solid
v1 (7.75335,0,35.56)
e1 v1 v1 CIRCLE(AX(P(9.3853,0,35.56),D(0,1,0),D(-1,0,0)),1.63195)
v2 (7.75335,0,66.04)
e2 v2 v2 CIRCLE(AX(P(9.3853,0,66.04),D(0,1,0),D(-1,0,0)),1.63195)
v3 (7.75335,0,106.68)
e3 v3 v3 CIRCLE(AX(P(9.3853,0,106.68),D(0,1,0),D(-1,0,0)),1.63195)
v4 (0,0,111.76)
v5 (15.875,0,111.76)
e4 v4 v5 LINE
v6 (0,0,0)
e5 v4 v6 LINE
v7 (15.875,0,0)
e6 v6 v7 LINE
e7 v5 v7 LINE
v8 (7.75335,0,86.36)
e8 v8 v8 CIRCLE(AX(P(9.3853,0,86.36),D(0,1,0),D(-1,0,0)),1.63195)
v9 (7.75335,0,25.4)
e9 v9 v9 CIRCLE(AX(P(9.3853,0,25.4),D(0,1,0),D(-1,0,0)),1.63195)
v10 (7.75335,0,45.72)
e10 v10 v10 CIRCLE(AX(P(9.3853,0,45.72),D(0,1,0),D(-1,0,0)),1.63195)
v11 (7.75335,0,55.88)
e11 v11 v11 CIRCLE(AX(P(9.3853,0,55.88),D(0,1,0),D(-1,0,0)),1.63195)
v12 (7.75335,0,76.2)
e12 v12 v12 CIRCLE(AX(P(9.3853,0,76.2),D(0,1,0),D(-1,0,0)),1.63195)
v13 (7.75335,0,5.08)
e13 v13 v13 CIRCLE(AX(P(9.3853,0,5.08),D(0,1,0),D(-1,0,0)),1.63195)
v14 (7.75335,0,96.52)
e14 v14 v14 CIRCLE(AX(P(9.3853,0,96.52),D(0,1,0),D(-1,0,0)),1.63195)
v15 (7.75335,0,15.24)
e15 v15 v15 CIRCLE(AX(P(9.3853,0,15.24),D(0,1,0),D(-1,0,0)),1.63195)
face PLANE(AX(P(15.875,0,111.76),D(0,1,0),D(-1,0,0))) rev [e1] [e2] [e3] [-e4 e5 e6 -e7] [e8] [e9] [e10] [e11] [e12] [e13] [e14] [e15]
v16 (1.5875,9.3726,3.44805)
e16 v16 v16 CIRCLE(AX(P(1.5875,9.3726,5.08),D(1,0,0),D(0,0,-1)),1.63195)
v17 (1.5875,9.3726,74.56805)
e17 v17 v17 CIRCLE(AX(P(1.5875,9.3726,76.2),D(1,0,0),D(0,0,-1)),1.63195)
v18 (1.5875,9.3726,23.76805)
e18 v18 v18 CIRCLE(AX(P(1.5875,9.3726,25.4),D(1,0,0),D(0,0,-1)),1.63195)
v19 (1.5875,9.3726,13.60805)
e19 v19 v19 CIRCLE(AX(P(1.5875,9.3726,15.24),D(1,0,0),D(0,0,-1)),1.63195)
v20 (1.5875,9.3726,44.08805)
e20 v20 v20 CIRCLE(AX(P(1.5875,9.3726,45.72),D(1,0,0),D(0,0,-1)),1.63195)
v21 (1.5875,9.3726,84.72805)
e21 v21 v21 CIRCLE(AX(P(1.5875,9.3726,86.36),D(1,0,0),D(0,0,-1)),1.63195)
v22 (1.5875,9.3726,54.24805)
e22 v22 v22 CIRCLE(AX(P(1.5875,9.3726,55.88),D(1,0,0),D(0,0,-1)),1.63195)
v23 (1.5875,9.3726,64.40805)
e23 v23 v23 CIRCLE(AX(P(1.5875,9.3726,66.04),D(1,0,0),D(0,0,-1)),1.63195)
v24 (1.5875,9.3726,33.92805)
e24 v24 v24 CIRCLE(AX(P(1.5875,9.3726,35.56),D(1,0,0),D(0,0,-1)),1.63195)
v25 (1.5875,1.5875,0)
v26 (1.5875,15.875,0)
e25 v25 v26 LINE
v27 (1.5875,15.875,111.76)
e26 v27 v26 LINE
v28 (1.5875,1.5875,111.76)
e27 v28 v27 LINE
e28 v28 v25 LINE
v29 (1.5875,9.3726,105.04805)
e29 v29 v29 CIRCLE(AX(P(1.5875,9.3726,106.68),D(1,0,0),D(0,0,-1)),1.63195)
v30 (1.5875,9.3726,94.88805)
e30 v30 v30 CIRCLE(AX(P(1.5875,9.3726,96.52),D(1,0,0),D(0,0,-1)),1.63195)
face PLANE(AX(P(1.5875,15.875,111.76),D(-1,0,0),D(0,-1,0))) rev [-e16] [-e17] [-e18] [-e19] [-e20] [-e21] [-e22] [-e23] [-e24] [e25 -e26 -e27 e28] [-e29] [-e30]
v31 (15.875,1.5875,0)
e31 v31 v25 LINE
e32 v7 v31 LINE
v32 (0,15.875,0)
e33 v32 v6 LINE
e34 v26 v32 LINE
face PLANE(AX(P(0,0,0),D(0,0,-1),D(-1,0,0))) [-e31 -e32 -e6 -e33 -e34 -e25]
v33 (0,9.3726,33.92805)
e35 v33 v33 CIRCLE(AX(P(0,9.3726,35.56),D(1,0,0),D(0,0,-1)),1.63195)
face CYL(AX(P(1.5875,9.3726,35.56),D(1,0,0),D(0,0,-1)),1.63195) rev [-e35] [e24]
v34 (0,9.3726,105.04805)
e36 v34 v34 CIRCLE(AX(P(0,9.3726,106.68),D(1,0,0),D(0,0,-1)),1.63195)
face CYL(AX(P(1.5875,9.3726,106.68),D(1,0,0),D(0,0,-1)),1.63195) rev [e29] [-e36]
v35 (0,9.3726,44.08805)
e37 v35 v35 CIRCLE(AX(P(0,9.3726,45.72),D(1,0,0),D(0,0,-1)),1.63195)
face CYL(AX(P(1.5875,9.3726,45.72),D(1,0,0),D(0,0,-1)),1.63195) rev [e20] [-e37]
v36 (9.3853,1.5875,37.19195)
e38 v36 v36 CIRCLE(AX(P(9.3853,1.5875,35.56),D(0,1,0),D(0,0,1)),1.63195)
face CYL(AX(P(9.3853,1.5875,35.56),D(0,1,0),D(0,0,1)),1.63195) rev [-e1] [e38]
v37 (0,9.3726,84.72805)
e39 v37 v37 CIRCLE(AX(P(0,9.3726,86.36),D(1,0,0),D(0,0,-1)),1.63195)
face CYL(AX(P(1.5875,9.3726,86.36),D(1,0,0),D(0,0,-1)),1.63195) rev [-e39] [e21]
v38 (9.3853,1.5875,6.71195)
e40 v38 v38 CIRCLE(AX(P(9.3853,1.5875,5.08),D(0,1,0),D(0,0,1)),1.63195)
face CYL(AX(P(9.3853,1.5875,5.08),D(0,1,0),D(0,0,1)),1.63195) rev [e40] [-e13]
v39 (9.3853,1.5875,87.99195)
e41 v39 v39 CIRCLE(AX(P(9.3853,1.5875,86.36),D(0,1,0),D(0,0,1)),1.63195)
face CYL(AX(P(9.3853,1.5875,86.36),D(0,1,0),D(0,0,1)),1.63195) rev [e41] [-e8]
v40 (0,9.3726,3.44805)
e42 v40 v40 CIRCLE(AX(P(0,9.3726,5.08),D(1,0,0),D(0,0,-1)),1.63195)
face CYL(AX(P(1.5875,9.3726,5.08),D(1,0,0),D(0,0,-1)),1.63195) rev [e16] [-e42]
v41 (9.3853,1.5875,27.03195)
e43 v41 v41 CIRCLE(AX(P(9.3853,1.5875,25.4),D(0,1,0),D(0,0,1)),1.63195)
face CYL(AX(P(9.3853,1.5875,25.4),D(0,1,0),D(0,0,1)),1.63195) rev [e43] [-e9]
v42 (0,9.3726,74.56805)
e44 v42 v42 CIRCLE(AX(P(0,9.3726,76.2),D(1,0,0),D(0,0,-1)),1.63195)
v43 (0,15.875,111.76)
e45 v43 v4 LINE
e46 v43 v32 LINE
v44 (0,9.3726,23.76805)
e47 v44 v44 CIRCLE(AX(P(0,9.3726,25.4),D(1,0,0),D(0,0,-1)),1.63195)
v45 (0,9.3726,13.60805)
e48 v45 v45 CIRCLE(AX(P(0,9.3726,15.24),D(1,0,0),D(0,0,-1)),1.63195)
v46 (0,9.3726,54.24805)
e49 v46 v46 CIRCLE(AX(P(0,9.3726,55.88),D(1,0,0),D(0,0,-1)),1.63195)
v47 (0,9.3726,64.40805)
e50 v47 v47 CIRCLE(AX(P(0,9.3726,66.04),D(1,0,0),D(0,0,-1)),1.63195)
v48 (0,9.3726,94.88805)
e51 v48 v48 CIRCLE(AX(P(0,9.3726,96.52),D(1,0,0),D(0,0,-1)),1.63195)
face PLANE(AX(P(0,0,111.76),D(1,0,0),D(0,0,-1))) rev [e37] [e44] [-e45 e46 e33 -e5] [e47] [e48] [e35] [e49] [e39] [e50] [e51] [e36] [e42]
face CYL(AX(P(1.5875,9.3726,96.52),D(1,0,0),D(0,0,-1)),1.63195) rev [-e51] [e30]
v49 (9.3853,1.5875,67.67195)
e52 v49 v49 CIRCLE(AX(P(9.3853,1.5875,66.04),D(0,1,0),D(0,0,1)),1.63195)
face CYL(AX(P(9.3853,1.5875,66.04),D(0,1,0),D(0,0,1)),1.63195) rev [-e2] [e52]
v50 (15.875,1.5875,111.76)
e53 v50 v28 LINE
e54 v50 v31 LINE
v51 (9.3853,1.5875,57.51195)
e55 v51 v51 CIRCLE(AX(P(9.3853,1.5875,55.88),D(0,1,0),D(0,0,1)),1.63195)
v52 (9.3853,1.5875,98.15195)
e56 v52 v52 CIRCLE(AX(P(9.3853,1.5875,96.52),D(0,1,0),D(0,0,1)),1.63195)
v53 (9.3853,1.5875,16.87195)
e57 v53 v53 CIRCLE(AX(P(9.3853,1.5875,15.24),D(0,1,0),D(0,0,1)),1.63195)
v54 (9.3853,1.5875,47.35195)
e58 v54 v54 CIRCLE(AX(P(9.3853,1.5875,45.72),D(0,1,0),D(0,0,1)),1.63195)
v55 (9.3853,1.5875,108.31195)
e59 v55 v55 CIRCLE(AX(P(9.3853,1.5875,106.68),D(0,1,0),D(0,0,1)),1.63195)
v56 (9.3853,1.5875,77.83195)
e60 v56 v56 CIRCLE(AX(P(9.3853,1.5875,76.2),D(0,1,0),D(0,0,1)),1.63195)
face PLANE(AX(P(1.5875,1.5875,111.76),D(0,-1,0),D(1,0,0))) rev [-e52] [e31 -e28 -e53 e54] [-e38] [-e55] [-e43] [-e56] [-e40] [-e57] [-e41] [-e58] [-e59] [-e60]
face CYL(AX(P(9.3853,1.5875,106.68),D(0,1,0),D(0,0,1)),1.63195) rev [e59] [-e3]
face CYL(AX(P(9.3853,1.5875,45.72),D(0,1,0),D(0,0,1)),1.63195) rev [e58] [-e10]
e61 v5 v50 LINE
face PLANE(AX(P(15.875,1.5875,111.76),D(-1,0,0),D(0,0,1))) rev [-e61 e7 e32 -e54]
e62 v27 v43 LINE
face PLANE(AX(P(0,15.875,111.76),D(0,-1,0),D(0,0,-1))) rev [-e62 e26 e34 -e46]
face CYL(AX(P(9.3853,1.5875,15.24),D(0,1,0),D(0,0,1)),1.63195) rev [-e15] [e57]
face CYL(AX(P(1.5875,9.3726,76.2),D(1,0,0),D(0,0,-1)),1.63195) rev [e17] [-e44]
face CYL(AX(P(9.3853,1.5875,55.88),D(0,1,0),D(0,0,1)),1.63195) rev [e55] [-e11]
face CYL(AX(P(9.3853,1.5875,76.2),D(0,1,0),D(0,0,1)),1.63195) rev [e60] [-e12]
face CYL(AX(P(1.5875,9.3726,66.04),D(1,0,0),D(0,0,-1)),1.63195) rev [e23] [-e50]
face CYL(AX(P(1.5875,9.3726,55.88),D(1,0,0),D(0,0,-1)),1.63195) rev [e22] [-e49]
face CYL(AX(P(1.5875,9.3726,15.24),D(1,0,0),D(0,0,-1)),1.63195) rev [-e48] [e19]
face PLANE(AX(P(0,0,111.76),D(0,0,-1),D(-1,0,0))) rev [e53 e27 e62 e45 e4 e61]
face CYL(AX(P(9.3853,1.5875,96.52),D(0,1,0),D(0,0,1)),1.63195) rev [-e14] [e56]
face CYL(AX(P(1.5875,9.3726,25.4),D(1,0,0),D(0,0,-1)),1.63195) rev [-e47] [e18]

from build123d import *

# Parameters (mm, degrees)
EXTRUDE1_DEPTH      = 111.76
LPATTERN1_COUNT     = 6
LPATTERN1_PITCH     = 10.16
LPATTERN1_COL_COUNT = 6
LPATTERN1_COL_PITCH = 10.16
LPATTERN2_COUNT     = 6
LPATTERN2_PITCH     = 10.16
LPATTERN2_COL_COUNT = 6
LPATTERN2_COL_PITCH = 10.16


with BuildPart() as part:
    # Sketch1 → Extrude1 (new body)
    with BuildSketch(Plane.XY):
        Polygon((0, 0), (0, 15.875), (1.5875, 15.875), (1.5875, 1.5875), (15.875, 1.5875), (15.875, 0), align=None)
    extrude(amount=EXTRUDE1_DEPTH)

    # Sketch3 → #4 Clearance Hole1 (revolve, cut)
    with BuildSketch(Plane(origin=(9.3853, 1.5875, 55.88), x_dir=(0, 0, 1), z_dir=(1, 0, 0))):
        Polygon((0, 0), (0, 16.220574487), (1.63195, 15.24), (1.63195, 0), align=None)
    f_4_clearance_hole1 = revolve(axis=Axis((9.3853, 7.9375, 55.88), (0, -1, 0)), mode=Mode.SUBTRACT)

    # LPattern1: #4 Clearance Hole1 ×6
    with Locations(*[(0, 0, i * LPATTERN1_PITCH) for i in range(1, LPATTERN1_COUNT)]):
        add(f_4_clearance_hole1, mode=Mode.SUBTRACT)

    # LPattern1 col: #4 Clearance Hole1 ×6
    with Locations(*[(0, 0, -i * LPATTERN1_COL_PITCH) for i in range(1, LPATTERN1_COL_COUNT)]):
        add(f_4_clearance_hole1, mode=Mode.SUBTRACT)

    # Sketch5 → #4 Clearance Hole2 (revolve, cut)
    with BuildSketch(Plane(origin=(1.5875, 9.3726, 55.88), x_dir=(0, 0, -1), z_dir=(0, 1, 0))):
        Polygon((0, 0), (0, 16.220574487), (1.63195, 15.24), (1.63195, 0), align=None)
    f_4_clearance_hole2 = revolve(axis=Axis((7.9375, 9.3726, 55.88), (-1, 0, 0)), mode=Mode.SUBTRACT)

    # LPattern2: #4 Clearance Hole2 ×6
    with Locations(*[(0, 0, i * LPATTERN2_PITCH) for i in range(1, LPATTERN2_COUNT)]):
        add(f_4_clearance_hole2, mode=Mode.SUBTRACT)

    # LPattern2 col: #4 Clearance Hole2 ×6
    with Locations(*[(0, 0, -i * LPATTERN2_COL_PITCH) for i in range(1, LPATTERN2_COL_COUNT)]):
        add(f_4_clearance_hole2, mode=Mode.SUBTRACT)


solid = part.part
